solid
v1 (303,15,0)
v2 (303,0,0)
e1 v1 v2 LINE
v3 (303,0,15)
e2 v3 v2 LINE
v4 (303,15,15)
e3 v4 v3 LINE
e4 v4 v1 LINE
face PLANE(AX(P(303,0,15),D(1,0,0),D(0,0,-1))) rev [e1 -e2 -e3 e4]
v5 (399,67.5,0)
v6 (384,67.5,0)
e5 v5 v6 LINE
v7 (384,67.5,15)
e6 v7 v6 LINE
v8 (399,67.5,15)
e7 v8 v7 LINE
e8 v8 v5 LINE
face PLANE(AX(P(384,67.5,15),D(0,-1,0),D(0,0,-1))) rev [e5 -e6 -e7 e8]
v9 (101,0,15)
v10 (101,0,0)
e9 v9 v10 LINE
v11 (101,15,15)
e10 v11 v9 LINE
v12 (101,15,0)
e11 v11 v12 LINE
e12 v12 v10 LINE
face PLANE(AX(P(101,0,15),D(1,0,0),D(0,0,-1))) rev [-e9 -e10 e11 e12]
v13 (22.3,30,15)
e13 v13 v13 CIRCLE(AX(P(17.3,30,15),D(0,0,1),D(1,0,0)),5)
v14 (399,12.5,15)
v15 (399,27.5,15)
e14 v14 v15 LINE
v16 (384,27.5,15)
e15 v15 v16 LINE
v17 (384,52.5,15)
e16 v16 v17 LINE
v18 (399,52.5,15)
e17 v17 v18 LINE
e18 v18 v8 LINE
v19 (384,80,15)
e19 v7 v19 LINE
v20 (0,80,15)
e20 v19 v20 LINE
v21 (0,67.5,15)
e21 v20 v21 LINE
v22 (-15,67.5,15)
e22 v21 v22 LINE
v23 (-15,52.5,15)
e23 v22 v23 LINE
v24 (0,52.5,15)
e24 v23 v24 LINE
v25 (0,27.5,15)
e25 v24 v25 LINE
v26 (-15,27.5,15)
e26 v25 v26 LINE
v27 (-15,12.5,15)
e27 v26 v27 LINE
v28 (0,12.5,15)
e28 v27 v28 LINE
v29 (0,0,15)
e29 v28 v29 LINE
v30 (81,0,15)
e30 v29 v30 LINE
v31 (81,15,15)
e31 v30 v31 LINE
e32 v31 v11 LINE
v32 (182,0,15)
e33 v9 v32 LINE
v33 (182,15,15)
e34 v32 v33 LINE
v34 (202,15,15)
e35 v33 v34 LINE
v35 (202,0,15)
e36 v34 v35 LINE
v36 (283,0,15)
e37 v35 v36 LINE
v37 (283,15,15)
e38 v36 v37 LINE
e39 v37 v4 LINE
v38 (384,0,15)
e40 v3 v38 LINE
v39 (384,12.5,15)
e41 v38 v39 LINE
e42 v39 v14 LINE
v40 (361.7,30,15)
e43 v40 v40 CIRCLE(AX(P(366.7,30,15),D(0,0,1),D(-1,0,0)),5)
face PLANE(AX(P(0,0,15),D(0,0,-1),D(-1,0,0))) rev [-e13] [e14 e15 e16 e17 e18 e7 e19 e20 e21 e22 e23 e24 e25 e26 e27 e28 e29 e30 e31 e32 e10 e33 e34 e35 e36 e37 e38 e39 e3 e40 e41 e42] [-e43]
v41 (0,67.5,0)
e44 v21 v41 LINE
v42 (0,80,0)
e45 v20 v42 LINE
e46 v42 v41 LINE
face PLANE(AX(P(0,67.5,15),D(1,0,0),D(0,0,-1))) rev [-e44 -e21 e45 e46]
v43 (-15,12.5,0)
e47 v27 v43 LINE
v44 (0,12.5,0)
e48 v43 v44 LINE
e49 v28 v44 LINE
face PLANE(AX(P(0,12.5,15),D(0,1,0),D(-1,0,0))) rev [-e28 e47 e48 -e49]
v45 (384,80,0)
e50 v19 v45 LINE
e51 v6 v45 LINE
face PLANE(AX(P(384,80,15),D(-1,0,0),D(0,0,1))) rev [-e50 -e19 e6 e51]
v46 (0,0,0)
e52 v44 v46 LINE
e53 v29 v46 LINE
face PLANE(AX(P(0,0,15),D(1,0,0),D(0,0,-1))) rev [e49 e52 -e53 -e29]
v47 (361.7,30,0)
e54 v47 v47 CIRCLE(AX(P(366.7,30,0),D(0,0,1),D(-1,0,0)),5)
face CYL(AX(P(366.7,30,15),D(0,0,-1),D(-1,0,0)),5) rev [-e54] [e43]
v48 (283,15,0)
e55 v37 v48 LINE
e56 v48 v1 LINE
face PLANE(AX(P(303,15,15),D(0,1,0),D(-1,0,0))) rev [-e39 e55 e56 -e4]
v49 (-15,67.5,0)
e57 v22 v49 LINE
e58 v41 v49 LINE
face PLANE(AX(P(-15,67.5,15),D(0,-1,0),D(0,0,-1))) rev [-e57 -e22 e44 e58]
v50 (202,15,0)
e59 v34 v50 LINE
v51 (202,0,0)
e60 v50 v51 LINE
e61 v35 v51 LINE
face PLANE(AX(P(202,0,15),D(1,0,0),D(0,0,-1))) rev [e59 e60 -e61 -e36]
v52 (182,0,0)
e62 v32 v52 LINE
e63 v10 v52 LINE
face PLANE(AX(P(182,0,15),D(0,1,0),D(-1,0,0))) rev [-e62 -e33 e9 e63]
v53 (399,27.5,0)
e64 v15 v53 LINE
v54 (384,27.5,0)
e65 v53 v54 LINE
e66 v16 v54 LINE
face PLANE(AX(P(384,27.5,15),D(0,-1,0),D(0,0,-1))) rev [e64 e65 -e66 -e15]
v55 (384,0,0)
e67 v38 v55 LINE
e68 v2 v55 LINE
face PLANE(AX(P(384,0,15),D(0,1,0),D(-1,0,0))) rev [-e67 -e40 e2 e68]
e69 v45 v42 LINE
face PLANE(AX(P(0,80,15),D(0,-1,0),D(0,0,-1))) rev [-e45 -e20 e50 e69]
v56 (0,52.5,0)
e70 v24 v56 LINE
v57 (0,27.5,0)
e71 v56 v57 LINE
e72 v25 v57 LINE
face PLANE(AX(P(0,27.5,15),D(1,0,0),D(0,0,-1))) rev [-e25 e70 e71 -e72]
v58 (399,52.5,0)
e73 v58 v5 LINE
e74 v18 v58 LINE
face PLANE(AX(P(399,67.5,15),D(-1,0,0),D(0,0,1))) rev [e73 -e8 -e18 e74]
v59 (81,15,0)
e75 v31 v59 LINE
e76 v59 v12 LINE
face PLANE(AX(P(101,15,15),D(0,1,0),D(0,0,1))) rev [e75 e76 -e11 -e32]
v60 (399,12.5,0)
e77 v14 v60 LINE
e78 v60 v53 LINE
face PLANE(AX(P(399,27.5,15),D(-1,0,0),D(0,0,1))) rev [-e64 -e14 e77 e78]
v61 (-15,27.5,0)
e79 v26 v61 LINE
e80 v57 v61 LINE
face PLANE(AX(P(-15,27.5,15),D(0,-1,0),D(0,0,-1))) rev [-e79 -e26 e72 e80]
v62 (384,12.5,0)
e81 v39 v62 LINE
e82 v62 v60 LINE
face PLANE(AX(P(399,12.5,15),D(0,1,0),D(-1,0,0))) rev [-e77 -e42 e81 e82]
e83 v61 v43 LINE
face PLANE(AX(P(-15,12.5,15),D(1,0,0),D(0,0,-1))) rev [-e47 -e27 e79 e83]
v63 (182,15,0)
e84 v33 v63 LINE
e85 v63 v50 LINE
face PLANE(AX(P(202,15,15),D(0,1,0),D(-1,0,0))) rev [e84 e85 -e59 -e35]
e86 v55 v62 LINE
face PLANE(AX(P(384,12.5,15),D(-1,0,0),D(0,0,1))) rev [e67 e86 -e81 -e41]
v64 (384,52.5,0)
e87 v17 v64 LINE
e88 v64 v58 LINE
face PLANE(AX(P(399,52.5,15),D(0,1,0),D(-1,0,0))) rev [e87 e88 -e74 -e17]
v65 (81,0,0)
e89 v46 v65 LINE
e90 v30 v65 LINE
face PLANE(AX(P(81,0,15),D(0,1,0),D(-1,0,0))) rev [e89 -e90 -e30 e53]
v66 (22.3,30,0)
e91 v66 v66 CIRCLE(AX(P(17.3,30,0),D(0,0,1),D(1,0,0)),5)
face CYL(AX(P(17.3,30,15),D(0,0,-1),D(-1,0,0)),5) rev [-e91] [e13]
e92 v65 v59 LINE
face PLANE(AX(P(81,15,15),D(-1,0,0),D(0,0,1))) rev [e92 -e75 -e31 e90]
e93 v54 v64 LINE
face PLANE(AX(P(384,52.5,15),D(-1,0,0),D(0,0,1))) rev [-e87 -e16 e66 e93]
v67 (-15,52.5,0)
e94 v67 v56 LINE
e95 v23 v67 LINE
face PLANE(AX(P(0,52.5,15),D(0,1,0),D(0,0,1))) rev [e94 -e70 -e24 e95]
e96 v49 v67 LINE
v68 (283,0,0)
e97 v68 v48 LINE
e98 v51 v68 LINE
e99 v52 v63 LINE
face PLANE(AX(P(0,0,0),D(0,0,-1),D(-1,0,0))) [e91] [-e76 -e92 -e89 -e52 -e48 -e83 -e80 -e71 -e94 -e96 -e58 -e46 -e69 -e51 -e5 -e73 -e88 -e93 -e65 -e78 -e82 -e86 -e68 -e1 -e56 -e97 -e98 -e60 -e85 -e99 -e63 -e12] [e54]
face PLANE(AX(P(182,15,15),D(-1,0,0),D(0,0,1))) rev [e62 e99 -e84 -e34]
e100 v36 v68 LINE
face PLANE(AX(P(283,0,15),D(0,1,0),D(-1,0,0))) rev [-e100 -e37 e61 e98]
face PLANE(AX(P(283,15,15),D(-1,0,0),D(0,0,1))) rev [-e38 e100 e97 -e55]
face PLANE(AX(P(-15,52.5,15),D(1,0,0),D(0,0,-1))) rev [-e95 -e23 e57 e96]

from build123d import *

# Parameters (mm, degrees)
SKETCH1_R           = 5
BOSS_EXTRUDE1_DEPTH = 15


with BuildPart() as part:
    # Sketch1 → Boss-Extrude1 (new body)
    with BuildSketch(Plane.XY):
        Polygon((0, 0), (0, 12.5), (-15, 12.5), (-15, 27.5), (0, 27.5), (0, 52.5), (-15, 52.5), (-15, 67.5), (0, 67.5), (0, 80), (384, 80), (384, 67.5), (399, 67.5), (399, 52.5), (384, 52.5), (384, 27.5), (399, 27.5), (399, 12.5), (384, 12.5), (384, 0), (303, 0), (303, 15), (283, 15), (283, 0), (202, 0), (202, 15), (182, 15), (182, 0), (101, 0), (101, 15), (81, 15), (81, 0), align=None)
        with Locations((17.3, 30)):
            Circle(SKETCH1_R, mode=Mode.SUBTRACT)
        with Locations(Location((366.7, 30, 0), (0, 0, 180))):  # turned: the seam where the file's is
            Circle(SKETCH1_R, mode=Mode.SUBTRACT)
    extrude(amount=BOSS_EXTRUDE1_DEPTH)


solid = part.part
